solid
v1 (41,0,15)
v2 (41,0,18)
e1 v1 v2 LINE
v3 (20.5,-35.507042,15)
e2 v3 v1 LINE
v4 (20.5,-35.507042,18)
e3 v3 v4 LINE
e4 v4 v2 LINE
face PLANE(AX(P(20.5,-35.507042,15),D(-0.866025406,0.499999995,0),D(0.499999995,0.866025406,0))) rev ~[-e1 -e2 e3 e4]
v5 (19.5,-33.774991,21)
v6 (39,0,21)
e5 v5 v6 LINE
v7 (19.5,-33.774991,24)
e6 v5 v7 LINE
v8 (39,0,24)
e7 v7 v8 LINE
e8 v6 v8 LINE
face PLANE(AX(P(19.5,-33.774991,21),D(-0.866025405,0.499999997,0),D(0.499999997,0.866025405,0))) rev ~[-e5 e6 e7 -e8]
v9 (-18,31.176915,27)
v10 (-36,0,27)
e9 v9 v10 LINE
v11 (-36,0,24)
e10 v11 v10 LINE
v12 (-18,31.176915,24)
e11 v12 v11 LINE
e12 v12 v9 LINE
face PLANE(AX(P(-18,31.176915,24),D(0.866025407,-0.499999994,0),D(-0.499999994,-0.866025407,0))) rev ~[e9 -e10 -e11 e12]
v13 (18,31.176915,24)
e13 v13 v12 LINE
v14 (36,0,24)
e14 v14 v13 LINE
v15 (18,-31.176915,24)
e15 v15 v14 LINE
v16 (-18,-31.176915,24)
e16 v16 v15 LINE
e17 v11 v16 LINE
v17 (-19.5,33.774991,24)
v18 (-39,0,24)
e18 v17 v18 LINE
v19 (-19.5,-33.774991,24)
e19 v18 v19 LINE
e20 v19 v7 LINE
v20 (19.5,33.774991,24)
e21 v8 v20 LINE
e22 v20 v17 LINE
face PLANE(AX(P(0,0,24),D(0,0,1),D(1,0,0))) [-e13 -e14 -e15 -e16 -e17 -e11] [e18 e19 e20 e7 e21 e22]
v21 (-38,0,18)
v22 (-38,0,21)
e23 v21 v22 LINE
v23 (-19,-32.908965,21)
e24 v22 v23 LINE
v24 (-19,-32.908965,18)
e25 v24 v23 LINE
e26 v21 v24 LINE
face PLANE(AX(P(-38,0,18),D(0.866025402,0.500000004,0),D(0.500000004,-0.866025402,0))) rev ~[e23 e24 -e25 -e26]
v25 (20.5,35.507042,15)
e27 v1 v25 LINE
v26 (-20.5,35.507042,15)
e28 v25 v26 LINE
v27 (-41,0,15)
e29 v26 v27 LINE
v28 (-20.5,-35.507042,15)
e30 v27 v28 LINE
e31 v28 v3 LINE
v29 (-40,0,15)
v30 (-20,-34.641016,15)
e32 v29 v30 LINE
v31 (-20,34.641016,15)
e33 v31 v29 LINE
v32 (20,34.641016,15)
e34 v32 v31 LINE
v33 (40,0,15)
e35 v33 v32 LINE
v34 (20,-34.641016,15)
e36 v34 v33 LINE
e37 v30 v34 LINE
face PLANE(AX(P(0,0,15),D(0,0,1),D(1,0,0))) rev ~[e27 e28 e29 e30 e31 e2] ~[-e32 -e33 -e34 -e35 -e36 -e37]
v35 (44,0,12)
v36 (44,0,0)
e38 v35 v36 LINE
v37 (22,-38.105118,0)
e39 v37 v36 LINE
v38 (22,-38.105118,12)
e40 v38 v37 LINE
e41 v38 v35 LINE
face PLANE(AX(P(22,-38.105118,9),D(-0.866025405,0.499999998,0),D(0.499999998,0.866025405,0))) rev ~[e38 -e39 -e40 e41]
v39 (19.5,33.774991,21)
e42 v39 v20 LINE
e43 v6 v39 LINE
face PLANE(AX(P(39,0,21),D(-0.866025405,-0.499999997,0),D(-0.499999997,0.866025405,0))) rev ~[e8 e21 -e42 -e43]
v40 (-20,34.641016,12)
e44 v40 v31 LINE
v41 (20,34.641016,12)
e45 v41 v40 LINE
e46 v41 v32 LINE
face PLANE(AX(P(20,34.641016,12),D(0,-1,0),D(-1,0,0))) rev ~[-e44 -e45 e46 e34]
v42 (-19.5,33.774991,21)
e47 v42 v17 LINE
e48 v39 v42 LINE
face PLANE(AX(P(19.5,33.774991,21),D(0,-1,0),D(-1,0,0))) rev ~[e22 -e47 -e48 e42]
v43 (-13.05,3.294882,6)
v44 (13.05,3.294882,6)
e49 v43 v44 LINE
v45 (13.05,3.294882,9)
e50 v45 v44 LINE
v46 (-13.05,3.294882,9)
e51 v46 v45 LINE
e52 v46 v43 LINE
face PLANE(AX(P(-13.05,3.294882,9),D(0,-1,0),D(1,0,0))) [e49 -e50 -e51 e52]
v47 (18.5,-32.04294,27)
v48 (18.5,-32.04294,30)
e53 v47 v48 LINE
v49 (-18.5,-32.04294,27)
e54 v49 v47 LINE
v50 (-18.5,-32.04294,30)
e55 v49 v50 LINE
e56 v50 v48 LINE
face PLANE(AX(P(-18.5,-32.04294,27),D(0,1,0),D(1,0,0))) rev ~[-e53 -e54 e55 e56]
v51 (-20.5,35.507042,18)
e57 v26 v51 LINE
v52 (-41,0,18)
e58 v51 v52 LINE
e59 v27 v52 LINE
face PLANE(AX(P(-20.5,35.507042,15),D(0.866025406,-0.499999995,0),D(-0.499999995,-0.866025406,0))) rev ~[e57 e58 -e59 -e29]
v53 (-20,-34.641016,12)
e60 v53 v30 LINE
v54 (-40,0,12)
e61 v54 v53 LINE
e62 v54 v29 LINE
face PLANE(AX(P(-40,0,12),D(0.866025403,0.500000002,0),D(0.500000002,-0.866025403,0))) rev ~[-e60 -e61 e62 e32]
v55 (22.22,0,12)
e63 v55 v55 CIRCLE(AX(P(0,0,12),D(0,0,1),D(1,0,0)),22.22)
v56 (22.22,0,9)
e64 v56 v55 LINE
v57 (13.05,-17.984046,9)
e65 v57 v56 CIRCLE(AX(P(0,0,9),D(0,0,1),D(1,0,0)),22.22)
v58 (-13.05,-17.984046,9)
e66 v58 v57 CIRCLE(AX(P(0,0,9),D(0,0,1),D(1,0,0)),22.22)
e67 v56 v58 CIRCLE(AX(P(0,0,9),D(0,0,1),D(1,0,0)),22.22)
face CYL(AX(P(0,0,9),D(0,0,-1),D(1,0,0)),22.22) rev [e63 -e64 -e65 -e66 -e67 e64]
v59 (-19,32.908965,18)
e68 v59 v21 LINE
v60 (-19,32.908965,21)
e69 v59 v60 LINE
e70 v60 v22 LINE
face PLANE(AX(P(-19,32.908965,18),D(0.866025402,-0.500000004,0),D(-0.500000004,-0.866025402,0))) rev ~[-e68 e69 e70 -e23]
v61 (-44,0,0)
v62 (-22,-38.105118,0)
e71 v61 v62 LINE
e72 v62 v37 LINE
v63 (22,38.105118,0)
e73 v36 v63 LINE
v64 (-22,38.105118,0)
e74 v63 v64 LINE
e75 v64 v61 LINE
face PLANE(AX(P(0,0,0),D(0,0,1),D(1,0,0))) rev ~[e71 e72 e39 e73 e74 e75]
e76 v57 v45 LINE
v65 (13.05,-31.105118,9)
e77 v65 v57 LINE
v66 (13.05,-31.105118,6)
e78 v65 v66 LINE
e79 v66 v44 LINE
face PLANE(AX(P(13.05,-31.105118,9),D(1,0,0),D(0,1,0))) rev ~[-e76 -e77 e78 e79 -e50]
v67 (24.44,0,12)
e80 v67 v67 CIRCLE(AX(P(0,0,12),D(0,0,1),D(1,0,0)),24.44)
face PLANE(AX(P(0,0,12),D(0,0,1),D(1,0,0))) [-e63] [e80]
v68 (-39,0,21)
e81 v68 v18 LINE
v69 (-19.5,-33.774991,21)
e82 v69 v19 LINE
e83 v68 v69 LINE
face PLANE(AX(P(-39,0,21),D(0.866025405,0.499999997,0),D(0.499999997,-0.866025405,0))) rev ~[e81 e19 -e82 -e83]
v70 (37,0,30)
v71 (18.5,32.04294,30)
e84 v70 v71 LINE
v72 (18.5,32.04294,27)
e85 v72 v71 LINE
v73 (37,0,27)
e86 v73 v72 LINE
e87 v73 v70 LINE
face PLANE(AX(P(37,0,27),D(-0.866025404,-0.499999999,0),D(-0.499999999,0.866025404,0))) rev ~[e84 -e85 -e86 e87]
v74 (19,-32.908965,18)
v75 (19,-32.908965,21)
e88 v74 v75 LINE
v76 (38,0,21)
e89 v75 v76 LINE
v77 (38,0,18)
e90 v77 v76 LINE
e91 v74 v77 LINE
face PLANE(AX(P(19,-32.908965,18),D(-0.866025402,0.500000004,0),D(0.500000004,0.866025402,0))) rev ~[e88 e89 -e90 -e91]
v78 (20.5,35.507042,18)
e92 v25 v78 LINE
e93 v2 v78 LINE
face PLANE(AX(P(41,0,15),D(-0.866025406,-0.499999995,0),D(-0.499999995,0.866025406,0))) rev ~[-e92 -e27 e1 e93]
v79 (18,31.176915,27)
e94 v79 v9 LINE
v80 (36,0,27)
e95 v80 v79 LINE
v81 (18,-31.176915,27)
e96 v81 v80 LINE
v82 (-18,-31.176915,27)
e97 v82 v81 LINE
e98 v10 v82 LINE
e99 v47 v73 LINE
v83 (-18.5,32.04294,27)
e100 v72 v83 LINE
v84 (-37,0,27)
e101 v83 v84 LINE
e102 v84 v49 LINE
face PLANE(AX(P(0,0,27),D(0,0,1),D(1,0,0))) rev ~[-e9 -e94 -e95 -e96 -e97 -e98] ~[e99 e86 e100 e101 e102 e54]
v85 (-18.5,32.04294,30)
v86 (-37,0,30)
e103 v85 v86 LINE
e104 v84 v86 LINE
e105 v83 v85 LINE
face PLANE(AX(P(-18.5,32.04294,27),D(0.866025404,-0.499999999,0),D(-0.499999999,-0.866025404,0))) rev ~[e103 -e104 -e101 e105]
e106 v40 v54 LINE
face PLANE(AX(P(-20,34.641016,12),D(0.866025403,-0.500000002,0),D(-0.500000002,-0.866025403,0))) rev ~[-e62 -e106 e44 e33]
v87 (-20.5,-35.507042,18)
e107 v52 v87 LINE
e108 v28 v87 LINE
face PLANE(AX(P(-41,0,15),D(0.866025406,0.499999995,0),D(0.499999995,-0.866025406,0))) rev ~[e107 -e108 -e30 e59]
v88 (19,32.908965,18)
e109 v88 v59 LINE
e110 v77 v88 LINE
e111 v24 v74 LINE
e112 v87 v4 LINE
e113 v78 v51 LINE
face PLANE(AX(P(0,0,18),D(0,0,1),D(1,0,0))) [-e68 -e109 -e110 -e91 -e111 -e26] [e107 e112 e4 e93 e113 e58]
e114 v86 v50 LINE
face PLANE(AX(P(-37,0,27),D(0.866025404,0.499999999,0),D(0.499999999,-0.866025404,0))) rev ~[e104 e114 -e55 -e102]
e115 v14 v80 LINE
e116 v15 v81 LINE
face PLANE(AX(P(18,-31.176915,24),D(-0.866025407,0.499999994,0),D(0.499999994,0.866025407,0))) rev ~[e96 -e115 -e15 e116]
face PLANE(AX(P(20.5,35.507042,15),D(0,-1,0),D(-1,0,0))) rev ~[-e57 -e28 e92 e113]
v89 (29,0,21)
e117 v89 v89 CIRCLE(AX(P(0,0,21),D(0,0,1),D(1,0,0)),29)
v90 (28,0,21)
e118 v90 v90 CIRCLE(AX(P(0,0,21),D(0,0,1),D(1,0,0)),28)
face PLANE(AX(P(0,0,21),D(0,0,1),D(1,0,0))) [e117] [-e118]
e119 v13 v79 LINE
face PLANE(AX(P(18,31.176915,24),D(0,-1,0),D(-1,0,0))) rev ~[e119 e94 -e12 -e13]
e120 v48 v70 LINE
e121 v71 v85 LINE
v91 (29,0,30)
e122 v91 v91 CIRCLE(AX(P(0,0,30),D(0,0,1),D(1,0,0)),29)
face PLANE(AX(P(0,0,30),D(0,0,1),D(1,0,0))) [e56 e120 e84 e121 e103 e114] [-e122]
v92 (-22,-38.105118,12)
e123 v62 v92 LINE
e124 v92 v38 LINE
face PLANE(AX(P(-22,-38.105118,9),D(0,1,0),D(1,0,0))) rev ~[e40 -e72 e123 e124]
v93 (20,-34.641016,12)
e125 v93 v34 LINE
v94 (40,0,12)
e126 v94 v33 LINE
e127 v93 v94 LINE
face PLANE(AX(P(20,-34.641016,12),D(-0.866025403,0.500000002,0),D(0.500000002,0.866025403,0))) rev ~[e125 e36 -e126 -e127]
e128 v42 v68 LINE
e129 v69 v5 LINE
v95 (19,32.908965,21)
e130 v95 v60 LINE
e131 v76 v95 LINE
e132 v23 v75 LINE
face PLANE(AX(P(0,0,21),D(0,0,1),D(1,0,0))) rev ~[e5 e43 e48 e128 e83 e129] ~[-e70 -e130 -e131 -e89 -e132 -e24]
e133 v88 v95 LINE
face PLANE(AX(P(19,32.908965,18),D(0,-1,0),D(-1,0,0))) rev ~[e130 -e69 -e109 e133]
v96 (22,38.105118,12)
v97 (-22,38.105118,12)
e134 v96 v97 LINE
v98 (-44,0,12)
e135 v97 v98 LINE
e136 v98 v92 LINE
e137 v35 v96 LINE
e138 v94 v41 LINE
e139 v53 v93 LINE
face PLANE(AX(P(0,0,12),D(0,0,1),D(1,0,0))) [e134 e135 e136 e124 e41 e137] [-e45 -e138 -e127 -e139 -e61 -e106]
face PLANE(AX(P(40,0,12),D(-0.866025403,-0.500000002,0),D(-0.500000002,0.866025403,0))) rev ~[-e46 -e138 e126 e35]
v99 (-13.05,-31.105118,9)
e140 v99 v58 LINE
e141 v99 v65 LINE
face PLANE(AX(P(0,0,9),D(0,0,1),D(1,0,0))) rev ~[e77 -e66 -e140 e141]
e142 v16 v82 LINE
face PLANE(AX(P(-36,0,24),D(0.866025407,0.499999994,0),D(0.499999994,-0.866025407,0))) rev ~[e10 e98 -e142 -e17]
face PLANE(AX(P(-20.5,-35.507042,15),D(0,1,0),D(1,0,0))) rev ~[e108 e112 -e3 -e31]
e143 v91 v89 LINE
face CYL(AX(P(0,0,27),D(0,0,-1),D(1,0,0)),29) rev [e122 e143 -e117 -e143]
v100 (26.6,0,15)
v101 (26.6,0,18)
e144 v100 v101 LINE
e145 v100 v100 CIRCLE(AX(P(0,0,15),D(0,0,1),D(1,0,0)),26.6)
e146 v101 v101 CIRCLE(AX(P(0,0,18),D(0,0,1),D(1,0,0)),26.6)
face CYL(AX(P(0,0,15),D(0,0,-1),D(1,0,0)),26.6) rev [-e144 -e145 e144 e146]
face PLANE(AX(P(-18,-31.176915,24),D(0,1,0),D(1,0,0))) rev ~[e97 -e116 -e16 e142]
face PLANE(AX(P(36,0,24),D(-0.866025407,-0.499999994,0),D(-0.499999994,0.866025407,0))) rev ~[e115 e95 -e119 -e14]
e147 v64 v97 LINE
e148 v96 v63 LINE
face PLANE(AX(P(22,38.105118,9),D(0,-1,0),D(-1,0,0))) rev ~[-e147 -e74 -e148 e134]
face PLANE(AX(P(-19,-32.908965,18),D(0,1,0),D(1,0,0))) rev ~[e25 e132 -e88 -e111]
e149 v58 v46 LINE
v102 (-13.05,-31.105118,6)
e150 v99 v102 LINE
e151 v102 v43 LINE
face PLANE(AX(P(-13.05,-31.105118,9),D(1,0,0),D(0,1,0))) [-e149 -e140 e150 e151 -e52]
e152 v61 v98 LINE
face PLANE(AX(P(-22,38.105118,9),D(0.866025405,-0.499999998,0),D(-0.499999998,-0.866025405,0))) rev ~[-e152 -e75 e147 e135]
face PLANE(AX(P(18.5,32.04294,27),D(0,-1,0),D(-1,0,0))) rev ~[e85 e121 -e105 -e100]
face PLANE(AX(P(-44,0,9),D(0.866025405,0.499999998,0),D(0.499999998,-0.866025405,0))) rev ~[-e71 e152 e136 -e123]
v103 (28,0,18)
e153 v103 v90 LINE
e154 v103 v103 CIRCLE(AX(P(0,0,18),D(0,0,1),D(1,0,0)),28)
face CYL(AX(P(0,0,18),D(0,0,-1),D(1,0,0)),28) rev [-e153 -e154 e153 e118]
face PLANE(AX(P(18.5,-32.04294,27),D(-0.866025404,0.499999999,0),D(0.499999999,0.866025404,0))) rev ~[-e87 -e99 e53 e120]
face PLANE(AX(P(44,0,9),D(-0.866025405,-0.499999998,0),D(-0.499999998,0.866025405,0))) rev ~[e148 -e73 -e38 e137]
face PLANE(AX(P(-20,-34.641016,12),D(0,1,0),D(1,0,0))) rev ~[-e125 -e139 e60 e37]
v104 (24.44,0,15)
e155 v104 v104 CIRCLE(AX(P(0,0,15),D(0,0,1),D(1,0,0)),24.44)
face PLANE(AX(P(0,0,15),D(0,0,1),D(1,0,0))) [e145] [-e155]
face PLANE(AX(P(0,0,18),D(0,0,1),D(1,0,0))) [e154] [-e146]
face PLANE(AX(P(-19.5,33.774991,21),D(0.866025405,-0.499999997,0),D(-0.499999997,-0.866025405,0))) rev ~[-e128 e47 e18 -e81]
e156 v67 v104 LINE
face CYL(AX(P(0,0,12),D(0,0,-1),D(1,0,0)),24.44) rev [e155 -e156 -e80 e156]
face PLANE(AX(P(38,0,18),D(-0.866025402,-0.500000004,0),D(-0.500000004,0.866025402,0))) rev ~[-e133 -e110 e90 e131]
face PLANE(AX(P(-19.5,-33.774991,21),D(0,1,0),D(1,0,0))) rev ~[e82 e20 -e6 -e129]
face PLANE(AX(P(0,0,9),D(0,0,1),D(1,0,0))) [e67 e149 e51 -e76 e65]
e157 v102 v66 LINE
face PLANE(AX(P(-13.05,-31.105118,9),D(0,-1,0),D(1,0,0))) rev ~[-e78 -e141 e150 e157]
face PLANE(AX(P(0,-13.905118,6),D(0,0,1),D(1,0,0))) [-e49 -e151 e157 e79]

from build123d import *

# Parameters (mm, degrees)
PAD_DEPTH    = 9
SKETCH001_W  = 26.1
SKETCH001_H  = 34.4
POCKET_DEPTH = 3
SKETCH002_R  = 22.22
PAD001_DEPTH = 3
SKETCH003_R  = 24.44
PAD002_DEPTH = 3
SKETCH004_R  = 26.6
PAD003_DEPTH = 3
SKETCH005_R  = 28
PAD004_DEPTH = 3
SKETCH006_R  = 29
PAD005_DEPTH = 3
SKETCH007_R  = 29
PAD006_DEPTH = 3
SKETCH008_R  = 29
PAD007_DEPTH = 3


with BuildPart() as part:
    # Sketch → Pad (new body)
    with BuildSketch(Plane.XY):
        Polygon((44, 0), (22, 38.105118), (-22, 38.105118), (-44, 0), (-22, -38.105118), (22, -38.105118), align=None)
    extrude(amount=PAD_DEPTH)

    # Sketch001 (on Face8 of Pad) → Pocket (cut)
    with BuildSketch(Plane.XY.offset(9)):
        with Locations((0, -13.905118)):
            Rectangle(SKETCH001_W, SKETCH001_H)
    extrude(amount=-POCKET_DEPTH, mode=Mode.SUBTRACT)

    # Sketch002 (on Face5 of Pocket) → Pad001 (join)
    with BuildSketch(Plane.XY.offset(9)):
        Polygon((22, 38.105118), (-22, 38.105118), (-44, 0), (-22, -38.105118), (22, -38.105118), (44, 0), align=None)
        Circle(SKETCH002_R, mode=Mode.SUBTRACT)
    extrude(amount=PAD001_DEPTH)

    # Sketch003 (on Face14 of Pad001) → Pad002 (join)
    with BuildSketch(Plane.XY.offset(12)):
        Polygon((40, 0), (20, 34.641016), (-20, 34.641016), (-40, 0), (-20, -34.641016), (20, -34.641016), align=None)
        Circle(SKETCH003_R, mode=Mode.SUBTRACT)
    extrude(amount=PAD002_DEPTH)

    # Sketch004 (on Face21 of Pad002) → Pad003 (join)
    with BuildSketch(Plane.XY.offset(15)):
        Polygon((41, 0), (20.5, 35.507042), (-20.5, 35.507042), (-41, 0), (-20.5, -35.507042), (20.5, -35.507042), align=None)
        Circle(SKETCH004_R, mode=Mode.SUBTRACT)
    extrude(amount=PAD003_DEPTH)

    # Sketch005 (on Face28 of Pad003) → Pad004 (join)
    with BuildSketch(Plane.XY.offset(18)):
        Polygon((19, 32.908965), (-19, 32.908965), (-38, 0), (-19, -32.908965), (19, -32.908965), (38, 0), align=None)
        Circle(SKETCH005_R, mode=Mode.SUBTRACT)
    extrude(amount=PAD004_DEPTH)

    # Sketch006 (on Face35 of Pad004) → Pad005 (join)
    with BuildSketch(Plane.XY.offset(21)):
        Polygon((39, 0), (19.5, 33.774991), (-19.5, 33.774991), (-39, 0), (-19.5, -33.774991), (19.5, -33.774991), align=None)
        Circle(SKETCH006_R, mode=Mode.SUBTRACT)
    extrude(amount=PAD005_DEPTH)

    # Sketch007 (on Face42 of Pad005) → Pad006 (join)
    with BuildSketch(Plane.XY.offset(24)):
        Polygon((36, 0), (18, 31.176915), (-18, 31.176915), (-36, 0), (-18, -31.176915), (18, -31.176915), align=None)
        Circle(SKETCH007_R, mode=Mode.SUBTRACT)
    extrude(amount=PAD006_DEPTH)

    # Sketch008 (on Face49 of Pad006) → Pad007 (join)
    with BuildSketch(Plane.XY.offset(27)):
        Polygon((37, 0), (18.5, 32.04294), (-18.5, 32.04294), (-37, 0), (-18.5, -32.04294), (18.5, -32.04294), align=None)
        Circle(SKETCH008_R, mode=Mode.SUBTRACT)
    extrude(amount=PAD007_DEPTH)


solid = part.part
